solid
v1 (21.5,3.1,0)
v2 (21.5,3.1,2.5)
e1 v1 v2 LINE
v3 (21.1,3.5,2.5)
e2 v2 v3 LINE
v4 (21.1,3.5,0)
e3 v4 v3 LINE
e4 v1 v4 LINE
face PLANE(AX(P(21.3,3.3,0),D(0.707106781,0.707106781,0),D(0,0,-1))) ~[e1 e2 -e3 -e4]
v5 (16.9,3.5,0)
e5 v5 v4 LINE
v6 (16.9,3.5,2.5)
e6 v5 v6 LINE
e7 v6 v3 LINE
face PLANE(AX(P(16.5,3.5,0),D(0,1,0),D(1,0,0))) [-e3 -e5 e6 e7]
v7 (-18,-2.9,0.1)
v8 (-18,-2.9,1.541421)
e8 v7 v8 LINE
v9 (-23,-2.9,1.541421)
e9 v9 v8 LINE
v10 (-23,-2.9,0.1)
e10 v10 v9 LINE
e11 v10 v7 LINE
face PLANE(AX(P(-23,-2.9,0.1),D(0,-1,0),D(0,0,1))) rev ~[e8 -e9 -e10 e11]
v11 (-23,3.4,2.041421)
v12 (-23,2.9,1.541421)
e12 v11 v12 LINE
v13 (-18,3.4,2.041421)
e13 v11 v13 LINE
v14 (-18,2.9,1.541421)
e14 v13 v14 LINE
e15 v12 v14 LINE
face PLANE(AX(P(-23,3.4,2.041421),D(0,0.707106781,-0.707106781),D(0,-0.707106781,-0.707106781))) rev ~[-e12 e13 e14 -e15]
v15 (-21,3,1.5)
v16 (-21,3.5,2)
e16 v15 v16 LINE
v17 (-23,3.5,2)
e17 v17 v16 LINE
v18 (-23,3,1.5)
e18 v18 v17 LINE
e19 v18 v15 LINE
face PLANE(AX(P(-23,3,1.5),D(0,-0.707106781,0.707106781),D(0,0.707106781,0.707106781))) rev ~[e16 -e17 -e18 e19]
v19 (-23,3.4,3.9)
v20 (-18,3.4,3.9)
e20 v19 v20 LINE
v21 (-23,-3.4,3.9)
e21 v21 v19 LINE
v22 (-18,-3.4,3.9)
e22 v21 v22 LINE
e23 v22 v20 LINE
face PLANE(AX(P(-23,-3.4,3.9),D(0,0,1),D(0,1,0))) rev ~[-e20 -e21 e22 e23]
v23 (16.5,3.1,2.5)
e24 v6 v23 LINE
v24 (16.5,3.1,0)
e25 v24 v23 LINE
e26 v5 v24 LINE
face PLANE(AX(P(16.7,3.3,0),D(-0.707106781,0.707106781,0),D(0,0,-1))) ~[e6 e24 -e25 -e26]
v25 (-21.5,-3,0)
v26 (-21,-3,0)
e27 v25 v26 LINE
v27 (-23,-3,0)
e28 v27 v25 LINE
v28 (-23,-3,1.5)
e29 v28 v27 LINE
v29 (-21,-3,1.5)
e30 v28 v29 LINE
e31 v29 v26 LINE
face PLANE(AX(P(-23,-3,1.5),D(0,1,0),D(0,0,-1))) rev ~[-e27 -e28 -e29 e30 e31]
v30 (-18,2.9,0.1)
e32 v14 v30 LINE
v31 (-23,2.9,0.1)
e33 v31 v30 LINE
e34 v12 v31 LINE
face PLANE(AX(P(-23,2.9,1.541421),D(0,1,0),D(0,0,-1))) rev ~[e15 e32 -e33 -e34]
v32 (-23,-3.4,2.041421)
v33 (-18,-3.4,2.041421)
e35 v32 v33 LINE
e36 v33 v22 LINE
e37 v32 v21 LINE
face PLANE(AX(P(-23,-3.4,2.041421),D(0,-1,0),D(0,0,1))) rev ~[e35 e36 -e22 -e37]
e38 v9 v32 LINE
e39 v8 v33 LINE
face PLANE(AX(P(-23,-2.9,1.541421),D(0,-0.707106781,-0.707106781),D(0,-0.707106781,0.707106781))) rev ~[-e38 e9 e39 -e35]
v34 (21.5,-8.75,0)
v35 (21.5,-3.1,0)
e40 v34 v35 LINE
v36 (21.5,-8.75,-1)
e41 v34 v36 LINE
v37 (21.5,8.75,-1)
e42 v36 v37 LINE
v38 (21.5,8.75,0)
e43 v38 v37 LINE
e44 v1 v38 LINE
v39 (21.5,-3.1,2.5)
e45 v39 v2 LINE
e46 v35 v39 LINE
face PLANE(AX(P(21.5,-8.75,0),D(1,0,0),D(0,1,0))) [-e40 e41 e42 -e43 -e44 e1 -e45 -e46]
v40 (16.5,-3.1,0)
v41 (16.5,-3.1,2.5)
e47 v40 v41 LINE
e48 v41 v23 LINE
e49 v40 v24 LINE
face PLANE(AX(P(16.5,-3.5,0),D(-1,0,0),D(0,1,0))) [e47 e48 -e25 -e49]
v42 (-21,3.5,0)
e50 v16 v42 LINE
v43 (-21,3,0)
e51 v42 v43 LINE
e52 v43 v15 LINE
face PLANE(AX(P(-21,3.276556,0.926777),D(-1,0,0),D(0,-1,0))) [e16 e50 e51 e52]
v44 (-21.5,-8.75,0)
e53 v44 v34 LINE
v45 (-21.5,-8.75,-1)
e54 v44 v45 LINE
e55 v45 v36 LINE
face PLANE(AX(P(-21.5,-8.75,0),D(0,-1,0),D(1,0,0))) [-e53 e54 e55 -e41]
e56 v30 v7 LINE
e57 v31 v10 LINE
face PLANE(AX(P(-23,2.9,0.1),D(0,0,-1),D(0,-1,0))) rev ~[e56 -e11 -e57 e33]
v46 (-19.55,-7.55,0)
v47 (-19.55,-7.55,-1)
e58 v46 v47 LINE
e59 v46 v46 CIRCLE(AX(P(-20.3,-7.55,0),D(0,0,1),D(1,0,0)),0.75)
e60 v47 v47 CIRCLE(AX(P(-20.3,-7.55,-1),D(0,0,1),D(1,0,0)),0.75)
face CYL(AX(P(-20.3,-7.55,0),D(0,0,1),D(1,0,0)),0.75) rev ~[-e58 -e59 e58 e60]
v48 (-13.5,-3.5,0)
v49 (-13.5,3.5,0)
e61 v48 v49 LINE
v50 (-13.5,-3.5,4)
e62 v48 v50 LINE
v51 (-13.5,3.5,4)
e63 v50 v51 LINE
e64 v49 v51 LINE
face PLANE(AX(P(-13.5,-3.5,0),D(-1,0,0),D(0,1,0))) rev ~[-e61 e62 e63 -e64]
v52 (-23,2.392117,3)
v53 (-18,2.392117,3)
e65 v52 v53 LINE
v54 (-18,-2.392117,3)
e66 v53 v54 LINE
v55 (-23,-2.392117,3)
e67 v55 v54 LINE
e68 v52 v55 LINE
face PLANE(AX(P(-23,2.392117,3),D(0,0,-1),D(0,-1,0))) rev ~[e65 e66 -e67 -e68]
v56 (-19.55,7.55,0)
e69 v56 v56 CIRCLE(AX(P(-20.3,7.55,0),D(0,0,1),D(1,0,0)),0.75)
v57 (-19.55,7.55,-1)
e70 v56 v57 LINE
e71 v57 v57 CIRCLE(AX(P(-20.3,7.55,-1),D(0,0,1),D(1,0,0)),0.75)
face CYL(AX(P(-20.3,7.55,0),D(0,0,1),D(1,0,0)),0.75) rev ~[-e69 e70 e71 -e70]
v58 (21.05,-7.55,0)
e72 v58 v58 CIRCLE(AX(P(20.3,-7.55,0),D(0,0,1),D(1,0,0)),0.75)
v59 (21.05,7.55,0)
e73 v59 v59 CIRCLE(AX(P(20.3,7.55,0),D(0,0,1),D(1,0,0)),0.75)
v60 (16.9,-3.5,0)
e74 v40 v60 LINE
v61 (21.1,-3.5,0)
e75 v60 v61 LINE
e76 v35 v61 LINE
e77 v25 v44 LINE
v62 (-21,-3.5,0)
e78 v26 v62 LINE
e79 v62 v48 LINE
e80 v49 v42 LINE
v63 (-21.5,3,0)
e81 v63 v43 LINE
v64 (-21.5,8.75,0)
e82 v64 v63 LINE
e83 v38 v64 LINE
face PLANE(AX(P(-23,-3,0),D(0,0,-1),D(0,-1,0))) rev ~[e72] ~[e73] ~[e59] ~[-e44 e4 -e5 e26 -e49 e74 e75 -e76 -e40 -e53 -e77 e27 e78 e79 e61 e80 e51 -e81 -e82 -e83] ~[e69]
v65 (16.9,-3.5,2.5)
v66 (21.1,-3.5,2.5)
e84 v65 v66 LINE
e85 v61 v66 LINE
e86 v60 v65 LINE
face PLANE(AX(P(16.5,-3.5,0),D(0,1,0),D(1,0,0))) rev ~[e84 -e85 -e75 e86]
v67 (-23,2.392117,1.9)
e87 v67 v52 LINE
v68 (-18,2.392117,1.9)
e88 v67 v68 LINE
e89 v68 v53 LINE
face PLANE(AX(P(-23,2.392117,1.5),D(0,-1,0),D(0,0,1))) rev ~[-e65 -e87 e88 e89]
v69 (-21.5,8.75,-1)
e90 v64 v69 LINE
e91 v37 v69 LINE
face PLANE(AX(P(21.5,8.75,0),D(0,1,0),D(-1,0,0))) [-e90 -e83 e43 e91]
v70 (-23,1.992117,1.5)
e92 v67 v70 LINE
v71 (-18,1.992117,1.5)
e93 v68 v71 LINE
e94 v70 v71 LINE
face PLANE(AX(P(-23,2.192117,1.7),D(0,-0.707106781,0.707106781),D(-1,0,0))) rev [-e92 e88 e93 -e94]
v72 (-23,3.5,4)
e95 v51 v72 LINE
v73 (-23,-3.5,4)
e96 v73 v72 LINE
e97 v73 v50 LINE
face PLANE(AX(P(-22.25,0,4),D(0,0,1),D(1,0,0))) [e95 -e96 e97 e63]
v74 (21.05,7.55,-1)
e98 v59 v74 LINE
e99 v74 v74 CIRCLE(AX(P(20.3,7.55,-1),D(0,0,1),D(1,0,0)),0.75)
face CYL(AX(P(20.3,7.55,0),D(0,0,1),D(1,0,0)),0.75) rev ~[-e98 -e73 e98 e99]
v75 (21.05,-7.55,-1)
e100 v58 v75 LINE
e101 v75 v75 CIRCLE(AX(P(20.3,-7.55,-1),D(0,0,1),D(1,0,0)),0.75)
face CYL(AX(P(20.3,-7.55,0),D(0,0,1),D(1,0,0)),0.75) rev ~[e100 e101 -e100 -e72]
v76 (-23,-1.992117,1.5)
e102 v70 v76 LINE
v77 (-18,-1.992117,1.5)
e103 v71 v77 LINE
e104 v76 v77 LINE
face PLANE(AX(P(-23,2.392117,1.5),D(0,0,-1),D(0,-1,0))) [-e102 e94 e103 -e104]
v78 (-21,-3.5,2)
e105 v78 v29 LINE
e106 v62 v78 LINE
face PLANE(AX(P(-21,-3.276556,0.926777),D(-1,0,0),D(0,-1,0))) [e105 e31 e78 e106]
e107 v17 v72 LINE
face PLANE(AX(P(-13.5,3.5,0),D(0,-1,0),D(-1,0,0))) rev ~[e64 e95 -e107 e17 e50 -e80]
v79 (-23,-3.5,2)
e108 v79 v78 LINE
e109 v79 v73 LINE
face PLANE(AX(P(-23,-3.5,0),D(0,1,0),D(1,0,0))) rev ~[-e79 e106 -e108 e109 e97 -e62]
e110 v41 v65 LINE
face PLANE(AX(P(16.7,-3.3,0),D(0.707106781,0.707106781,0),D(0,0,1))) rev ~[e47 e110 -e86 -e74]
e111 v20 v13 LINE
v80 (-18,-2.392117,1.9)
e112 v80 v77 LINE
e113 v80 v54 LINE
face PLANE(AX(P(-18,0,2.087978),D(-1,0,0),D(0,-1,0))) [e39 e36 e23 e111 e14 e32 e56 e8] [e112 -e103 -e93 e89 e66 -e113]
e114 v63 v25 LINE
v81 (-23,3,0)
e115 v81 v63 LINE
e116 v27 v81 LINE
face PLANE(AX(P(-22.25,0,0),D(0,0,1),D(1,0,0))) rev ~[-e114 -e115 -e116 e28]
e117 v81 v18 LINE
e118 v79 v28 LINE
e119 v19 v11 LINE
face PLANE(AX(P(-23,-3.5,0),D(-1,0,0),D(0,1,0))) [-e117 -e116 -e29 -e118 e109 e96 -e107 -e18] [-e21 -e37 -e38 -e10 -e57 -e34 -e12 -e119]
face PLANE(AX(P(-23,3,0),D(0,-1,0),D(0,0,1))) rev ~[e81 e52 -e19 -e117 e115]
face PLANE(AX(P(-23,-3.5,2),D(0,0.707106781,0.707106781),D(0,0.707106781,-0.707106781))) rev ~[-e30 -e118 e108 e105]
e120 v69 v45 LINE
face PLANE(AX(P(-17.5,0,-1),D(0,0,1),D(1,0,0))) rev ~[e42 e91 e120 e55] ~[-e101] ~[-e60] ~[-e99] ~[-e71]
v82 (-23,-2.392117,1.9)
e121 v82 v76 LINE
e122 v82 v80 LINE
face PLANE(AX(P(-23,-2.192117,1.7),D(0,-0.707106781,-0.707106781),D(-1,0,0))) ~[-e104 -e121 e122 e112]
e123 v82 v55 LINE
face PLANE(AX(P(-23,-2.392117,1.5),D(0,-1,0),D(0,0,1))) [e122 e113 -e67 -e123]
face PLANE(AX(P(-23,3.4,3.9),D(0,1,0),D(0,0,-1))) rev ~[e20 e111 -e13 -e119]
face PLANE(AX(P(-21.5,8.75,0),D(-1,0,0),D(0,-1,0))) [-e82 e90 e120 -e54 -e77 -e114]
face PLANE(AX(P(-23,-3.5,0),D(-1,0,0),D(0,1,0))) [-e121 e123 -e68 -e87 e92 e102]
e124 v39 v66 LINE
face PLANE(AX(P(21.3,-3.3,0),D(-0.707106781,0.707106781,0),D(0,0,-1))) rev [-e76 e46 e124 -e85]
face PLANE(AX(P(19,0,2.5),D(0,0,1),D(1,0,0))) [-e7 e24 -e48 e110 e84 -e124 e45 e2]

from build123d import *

# Parameters (mm, degrees)
F0_W     = 8
F0_H     = 7
F0_R     = 0.75
F0_W_2   = 5
F1_DEPTH = 1
F0_W_3   = 1.5
F2_DEPTH = 4
F3_DEPTH = 2.5
F4_W     = 4.784234
F4_H     = 1.5
F5_DEPTH = 5
F6_DEPTH = 2
F7_SIZE  = 0.4
F8_SIZE  = 0.4


with BuildPart() as f1:
    # F0 (on Top) → F1 (new body)
    with BuildSketch(Plane.XY):
        with Locations((-17.5, 0)):
            Rectangle(F0_W, F0_H)
        Polygon((21.5, 3.5), (21.5, 8.75), (-21.5, 8.75), (-21.5, 3.5), (-13.5, 3.5), (-13.5, -3.5), (-21.5, -3.5), (-21.5, -8.75), (21.5, -8.75), (21.5, -3.5), (16.5, -3.5), (16.5, 3.5), align=None)
        with Locations((-20.3, -7.55)):
            Circle(F0_R, mode=Mode.SUBTRACT)
        with Locations((20.3, -7.55)):
            Circle(F0_R, mode=Mode.SUBTRACT)
        with Locations((-20.3, 7.55)):
            Circle(F0_R, mode=Mode.SUBTRACT)
        with Locations((20.3, 7.55)):
            Circle(F0_R, mode=Mode.SUBTRACT)
        with Locations((19, 0)):
            Rectangle(F0_W_2, F0_H)
    extrude(amount=-F1_DEPTH)

    # F0 (on Top) → F2 (join)
    with BuildSketch(Plane.XY):
        with Locations((-22.25, 0)):
            Rectangle(F0_W_3, F0_H)
        with Locations((-17.5, 0)):
            Rectangle(F0_W, F0_H)
    extrude(amount=F2_DEPTH)

    # F0 (on Top) → F3 (join)
    with BuildSketch(Plane.XY):
        with Locations((19, 0)):
            Rectangle(F0_W_2, F0_H)
    extrude(amount=F3_DEPTH)

    # F4 (on face) → F5 (cut)
    with BuildSketch(Plane(origin=(-23, 0, 0), x_dir=(0, -1, 0), z_dir=(-1, 0, 0))):
        Polygon((3.4, 3.9), (-3.4, 3.9), (-3.4, 2.041421), (-2.9, 1.541421), (-2.9, 0.1), (2.9, 0.1), (2.9, 1.541421), (3.4, 2.041421), align=None)
        with Locations((0, 2.25)):
            Rectangle(F4_W, F4_H, mode=Mode.SUBTRACT)
    extrude(amount=-F5_DEPTH, mode=Mode.SUBTRACT)

    # F4 (on face) → F6 (cut)
    with BuildSketch(Plane(origin=(-23, 0, 0), x_dir=(0, -1, 0), z_dir=(-1, 0, 0))):
        Polygon((-3, 1.5), (-3.5, 2), (-3.5, 0), (-3, 0), align=None)
        Polygon((3, 1.5), (3, 0), (3.5, 0), (3.5, 2), align=None)
    extrude(amount=-F6_DEPTH, mode=Mode.SUBTRACT)

    # F7
    f7_edges = [f1.edges().sort_by_distance(p)[0] for p in [
        (-20.5, -2.392117, 1.5),
        (-20.5, 2.392117, 1.5),
    ]]
    chamfer(f7_edges, length=F7_SIZE)

    # F8
    f8_edges = [f1.edges().sort_by_distance(p)[0] for p in [
        (21.5, 3.5, 1.25),
        (16.5, 3.5, 1.25),
        (21.5, -3.5, 1.25),
        (16.5, -3.5, 1.25),
    ]]
    chamfer(f8_edges, length=F8_SIZE)


solid = f1.part
